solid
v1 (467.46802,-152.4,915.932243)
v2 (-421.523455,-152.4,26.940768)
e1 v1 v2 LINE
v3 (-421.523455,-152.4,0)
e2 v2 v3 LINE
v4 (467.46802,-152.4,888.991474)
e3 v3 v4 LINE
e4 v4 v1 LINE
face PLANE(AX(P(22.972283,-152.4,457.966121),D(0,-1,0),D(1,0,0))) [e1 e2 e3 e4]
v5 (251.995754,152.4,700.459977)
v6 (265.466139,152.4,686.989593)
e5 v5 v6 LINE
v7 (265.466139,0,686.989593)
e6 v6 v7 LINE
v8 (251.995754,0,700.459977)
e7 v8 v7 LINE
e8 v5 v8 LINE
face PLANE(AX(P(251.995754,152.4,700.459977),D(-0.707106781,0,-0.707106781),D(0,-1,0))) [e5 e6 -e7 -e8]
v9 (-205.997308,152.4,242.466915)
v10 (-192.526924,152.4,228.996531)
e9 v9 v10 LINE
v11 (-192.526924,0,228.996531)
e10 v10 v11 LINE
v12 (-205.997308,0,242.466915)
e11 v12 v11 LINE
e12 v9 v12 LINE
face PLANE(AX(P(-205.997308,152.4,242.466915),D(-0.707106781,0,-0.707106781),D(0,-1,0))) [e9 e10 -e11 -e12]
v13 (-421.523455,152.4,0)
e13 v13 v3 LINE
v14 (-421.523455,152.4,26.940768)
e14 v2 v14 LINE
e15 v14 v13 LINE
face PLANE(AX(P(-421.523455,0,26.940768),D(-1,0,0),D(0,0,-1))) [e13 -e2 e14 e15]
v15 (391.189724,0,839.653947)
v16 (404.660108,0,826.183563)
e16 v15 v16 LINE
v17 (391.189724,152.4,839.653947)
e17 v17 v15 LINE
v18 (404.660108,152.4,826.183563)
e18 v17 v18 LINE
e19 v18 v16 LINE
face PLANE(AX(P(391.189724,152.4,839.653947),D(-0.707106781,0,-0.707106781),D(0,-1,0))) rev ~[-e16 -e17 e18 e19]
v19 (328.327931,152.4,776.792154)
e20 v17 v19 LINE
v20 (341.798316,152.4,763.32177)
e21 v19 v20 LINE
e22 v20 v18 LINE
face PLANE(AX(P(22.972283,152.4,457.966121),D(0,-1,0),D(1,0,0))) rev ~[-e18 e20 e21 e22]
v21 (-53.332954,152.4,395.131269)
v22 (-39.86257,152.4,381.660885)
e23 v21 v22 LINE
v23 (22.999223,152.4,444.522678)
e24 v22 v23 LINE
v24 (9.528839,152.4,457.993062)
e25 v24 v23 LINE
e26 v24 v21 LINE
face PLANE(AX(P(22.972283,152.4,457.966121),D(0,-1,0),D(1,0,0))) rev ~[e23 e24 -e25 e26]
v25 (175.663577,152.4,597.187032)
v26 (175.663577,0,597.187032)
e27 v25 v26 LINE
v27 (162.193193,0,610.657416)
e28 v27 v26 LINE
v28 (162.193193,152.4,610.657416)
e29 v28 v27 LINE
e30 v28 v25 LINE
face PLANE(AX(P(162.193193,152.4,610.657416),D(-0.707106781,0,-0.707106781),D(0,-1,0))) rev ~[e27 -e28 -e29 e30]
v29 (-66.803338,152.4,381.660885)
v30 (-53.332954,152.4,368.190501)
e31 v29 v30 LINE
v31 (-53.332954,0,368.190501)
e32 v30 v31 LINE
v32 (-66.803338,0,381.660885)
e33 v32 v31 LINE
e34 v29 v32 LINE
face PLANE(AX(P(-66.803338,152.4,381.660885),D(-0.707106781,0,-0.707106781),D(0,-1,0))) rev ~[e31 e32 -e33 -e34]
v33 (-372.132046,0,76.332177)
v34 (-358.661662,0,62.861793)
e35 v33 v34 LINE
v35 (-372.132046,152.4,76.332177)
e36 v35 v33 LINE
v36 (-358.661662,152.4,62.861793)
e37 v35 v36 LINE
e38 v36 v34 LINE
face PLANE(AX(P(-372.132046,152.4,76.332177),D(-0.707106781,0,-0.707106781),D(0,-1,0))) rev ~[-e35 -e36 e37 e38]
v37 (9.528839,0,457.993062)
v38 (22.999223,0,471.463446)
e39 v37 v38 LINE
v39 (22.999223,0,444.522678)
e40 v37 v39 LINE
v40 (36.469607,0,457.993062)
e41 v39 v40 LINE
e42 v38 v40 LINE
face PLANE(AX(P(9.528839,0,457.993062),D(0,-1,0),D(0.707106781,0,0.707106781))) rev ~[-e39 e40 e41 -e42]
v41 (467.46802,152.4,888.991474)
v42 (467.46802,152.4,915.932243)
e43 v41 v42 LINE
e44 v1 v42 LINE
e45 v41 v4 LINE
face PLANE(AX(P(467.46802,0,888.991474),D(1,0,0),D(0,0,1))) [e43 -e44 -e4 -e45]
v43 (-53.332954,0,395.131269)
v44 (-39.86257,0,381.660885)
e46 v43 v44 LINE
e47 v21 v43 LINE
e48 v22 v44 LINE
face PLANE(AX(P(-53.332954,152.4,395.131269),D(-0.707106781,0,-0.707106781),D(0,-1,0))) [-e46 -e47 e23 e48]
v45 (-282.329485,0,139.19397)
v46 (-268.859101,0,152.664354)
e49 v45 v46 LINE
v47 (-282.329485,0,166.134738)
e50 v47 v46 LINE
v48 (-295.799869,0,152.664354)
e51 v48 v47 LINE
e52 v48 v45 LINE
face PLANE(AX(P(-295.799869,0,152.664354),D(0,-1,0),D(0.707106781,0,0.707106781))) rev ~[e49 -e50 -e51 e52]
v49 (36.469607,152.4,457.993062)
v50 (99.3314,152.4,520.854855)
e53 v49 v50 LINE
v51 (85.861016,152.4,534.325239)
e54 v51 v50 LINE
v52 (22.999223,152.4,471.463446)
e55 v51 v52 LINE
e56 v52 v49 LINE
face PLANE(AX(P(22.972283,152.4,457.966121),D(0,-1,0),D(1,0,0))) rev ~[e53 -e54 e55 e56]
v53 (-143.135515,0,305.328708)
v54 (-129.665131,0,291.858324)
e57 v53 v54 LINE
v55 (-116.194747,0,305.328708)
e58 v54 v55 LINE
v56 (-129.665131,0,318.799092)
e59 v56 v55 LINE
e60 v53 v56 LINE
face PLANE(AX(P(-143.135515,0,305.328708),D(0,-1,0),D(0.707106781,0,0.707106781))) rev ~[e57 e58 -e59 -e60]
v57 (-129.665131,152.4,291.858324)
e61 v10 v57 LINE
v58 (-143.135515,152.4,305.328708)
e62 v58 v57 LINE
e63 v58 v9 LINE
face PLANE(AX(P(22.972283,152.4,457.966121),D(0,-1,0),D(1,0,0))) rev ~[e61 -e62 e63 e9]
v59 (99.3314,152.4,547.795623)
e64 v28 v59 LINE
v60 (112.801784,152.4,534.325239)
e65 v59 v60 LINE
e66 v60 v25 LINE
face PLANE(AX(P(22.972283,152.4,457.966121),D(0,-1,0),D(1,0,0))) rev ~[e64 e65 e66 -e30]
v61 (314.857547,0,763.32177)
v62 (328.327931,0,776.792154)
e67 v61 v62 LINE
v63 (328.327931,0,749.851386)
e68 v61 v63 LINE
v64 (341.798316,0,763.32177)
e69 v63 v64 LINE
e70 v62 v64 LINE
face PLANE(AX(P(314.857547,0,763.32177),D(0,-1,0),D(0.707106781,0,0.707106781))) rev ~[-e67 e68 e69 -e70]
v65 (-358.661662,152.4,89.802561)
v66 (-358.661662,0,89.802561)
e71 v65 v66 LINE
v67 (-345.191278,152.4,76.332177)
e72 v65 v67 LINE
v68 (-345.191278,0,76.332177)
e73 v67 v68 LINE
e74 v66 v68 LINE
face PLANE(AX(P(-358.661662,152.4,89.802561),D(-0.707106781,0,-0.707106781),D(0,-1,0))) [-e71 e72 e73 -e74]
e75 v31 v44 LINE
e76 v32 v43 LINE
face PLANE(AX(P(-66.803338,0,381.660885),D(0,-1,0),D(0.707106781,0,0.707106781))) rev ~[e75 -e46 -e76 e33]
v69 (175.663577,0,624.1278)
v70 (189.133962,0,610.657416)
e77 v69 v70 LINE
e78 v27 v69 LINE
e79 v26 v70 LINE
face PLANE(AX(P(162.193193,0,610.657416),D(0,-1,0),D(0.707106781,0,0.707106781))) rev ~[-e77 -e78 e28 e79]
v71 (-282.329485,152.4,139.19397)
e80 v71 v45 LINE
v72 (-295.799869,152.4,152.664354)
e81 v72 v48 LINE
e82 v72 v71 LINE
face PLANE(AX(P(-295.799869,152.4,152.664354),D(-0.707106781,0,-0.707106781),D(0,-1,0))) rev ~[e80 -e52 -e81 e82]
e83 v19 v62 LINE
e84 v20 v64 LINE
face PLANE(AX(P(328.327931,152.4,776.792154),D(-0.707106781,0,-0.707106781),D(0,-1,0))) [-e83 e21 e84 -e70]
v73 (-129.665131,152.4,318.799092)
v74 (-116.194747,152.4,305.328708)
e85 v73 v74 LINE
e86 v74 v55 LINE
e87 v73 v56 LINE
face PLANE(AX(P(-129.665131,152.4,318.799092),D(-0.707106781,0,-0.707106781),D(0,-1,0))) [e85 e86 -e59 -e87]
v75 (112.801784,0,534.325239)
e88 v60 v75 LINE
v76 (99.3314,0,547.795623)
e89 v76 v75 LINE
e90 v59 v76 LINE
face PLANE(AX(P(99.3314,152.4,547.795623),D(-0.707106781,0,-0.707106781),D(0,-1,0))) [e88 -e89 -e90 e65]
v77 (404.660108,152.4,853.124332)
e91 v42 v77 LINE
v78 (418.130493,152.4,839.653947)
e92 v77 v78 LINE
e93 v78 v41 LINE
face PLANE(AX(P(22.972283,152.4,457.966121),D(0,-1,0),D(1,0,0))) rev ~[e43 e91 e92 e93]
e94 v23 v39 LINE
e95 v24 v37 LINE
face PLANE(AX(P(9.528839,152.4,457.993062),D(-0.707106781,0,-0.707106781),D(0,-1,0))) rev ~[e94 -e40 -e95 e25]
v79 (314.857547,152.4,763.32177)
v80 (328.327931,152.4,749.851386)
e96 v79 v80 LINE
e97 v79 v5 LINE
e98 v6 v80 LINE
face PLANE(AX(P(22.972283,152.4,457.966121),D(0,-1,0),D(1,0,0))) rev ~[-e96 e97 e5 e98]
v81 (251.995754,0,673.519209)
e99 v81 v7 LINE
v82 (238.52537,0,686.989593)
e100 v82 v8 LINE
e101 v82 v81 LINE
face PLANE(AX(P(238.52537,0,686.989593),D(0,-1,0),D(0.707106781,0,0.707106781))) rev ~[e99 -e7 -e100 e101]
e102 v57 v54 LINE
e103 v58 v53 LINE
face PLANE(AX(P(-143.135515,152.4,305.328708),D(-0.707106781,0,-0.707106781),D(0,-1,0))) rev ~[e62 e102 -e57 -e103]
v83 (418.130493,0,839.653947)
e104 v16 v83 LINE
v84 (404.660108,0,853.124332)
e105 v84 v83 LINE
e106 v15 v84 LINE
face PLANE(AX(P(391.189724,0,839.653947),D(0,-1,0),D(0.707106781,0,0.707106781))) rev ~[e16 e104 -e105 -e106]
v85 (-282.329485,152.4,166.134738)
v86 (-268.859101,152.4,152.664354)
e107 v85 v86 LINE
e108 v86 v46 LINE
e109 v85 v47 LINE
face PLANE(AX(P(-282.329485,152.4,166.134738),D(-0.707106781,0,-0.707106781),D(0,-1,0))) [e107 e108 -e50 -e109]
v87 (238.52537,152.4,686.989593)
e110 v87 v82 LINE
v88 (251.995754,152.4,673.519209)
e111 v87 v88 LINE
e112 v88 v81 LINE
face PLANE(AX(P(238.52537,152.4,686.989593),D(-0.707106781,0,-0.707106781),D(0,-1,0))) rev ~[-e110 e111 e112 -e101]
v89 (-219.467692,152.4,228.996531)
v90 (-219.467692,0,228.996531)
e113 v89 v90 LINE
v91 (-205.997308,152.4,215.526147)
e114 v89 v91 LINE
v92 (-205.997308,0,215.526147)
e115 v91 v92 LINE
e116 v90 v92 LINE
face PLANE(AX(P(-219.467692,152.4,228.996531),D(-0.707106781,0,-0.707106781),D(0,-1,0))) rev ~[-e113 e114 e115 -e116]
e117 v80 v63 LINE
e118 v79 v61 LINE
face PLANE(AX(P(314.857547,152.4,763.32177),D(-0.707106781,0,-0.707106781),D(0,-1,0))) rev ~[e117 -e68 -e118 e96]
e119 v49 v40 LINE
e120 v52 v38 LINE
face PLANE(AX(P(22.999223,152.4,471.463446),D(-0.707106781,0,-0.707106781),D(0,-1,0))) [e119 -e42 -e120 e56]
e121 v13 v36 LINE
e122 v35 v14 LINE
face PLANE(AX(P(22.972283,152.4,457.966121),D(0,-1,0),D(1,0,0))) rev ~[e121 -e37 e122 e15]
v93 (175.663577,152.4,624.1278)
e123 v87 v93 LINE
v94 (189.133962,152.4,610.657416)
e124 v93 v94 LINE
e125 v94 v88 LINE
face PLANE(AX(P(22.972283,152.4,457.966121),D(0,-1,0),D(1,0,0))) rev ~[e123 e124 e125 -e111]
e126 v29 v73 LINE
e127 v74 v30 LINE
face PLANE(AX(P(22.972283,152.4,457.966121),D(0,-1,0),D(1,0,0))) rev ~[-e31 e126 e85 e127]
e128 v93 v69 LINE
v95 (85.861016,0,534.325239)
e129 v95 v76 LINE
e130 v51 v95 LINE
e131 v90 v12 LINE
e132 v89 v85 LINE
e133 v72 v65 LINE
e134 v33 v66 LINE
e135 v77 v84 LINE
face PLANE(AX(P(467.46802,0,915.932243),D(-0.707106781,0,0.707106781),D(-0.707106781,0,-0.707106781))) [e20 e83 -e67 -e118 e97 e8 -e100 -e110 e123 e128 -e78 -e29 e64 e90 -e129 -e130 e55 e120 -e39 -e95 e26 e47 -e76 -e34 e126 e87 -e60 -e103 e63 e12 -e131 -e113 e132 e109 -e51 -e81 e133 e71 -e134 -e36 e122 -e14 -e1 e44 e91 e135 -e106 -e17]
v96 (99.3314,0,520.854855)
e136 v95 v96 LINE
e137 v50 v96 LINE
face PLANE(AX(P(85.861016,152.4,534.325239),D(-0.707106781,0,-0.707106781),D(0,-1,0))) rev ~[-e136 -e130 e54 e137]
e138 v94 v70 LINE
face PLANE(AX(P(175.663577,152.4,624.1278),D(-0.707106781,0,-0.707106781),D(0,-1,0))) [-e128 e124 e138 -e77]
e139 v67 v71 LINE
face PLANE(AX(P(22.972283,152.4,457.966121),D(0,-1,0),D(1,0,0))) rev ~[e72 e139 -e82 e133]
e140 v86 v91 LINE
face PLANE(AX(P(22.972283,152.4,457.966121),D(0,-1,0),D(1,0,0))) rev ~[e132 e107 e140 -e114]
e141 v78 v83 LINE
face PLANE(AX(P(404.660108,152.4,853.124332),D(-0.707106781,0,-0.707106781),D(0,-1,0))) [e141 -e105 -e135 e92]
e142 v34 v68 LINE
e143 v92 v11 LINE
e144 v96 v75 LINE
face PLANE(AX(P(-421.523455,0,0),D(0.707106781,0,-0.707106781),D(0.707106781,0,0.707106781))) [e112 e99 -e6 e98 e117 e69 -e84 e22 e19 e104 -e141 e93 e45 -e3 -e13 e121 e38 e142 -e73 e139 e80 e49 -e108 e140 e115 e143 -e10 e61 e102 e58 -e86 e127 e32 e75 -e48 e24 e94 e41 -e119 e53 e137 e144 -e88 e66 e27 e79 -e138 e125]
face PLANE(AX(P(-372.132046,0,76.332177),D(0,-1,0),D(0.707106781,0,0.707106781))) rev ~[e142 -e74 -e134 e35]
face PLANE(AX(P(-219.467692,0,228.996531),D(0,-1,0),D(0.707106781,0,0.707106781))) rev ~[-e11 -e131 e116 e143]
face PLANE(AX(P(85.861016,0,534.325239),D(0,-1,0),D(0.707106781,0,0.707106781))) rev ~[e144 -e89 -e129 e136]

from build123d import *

# Parameters (mm, degrees)
F1_DEPTH = 152.4
F2_W     = 152.4
F2_H     = 19.05
F3_DEPTH = 19.05


with BuildPart() as f1:
    # F0 (on Front) → F1 (new body, symmetric)
    with BuildSketch(Plane.XZ):
        Polygon((-421.5234547212, 26.9407683632), (-421.5234547212, 0), (467.4680197279, 888.9914744491), (467.4680197279, 915.9322428123), align=None)
    extrude(amount=F1_DEPTH, both=True)

    # F2 (on face) → F3 (cut)
    with BuildSketch(Plane(origin=(-224.2321115422, 0, 224.2321115422), x_dir=(0, -1, 0), z_dir=(-0.7071067812, 0, 0.7071067812))):
        with Locations((-76.2, -199.6370932625)):
            Rectangle(F2_W, F2_H)
        with Locations((-76.2, -91.6870932625)):
            Rectangle(F2_W, F2_H)
        with Locations((-76.2, 16.2629067375)):
            Rectangle(F2_W, F2_H)
        with Locations((-76.2, 124.2129067375)):
            Rectangle(F2_W, F2_H)
        with Locations((-76.2, 232.1629067375)):
            Rectangle(F2_W, F2_H)
        with Locations((-76.2, 340.1129067375)):
            Rectangle(F2_W, F2_H)
        with Locations((-76.2, 448.0629067375)):
            Rectangle(F2_W, F2_H)
        with Locations((-76.2, 556.0129067375)):
            Rectangle(F2_W, F2_H)
        with Locations((-76.2, 663.9629067375)):
            Rectangle(F2_W, F2_H)
        with Locations((-76.2, 771.9129067375)):
            Rectangle(F2_W, F2_H)
        with Locations((-76.2, 879.8629067375)):
            Rectangle(F2_W, F2_H)
    extrude(amount=-F3_DEPTH, mode=Mode.SUBTRACT)


solid = f1.part
